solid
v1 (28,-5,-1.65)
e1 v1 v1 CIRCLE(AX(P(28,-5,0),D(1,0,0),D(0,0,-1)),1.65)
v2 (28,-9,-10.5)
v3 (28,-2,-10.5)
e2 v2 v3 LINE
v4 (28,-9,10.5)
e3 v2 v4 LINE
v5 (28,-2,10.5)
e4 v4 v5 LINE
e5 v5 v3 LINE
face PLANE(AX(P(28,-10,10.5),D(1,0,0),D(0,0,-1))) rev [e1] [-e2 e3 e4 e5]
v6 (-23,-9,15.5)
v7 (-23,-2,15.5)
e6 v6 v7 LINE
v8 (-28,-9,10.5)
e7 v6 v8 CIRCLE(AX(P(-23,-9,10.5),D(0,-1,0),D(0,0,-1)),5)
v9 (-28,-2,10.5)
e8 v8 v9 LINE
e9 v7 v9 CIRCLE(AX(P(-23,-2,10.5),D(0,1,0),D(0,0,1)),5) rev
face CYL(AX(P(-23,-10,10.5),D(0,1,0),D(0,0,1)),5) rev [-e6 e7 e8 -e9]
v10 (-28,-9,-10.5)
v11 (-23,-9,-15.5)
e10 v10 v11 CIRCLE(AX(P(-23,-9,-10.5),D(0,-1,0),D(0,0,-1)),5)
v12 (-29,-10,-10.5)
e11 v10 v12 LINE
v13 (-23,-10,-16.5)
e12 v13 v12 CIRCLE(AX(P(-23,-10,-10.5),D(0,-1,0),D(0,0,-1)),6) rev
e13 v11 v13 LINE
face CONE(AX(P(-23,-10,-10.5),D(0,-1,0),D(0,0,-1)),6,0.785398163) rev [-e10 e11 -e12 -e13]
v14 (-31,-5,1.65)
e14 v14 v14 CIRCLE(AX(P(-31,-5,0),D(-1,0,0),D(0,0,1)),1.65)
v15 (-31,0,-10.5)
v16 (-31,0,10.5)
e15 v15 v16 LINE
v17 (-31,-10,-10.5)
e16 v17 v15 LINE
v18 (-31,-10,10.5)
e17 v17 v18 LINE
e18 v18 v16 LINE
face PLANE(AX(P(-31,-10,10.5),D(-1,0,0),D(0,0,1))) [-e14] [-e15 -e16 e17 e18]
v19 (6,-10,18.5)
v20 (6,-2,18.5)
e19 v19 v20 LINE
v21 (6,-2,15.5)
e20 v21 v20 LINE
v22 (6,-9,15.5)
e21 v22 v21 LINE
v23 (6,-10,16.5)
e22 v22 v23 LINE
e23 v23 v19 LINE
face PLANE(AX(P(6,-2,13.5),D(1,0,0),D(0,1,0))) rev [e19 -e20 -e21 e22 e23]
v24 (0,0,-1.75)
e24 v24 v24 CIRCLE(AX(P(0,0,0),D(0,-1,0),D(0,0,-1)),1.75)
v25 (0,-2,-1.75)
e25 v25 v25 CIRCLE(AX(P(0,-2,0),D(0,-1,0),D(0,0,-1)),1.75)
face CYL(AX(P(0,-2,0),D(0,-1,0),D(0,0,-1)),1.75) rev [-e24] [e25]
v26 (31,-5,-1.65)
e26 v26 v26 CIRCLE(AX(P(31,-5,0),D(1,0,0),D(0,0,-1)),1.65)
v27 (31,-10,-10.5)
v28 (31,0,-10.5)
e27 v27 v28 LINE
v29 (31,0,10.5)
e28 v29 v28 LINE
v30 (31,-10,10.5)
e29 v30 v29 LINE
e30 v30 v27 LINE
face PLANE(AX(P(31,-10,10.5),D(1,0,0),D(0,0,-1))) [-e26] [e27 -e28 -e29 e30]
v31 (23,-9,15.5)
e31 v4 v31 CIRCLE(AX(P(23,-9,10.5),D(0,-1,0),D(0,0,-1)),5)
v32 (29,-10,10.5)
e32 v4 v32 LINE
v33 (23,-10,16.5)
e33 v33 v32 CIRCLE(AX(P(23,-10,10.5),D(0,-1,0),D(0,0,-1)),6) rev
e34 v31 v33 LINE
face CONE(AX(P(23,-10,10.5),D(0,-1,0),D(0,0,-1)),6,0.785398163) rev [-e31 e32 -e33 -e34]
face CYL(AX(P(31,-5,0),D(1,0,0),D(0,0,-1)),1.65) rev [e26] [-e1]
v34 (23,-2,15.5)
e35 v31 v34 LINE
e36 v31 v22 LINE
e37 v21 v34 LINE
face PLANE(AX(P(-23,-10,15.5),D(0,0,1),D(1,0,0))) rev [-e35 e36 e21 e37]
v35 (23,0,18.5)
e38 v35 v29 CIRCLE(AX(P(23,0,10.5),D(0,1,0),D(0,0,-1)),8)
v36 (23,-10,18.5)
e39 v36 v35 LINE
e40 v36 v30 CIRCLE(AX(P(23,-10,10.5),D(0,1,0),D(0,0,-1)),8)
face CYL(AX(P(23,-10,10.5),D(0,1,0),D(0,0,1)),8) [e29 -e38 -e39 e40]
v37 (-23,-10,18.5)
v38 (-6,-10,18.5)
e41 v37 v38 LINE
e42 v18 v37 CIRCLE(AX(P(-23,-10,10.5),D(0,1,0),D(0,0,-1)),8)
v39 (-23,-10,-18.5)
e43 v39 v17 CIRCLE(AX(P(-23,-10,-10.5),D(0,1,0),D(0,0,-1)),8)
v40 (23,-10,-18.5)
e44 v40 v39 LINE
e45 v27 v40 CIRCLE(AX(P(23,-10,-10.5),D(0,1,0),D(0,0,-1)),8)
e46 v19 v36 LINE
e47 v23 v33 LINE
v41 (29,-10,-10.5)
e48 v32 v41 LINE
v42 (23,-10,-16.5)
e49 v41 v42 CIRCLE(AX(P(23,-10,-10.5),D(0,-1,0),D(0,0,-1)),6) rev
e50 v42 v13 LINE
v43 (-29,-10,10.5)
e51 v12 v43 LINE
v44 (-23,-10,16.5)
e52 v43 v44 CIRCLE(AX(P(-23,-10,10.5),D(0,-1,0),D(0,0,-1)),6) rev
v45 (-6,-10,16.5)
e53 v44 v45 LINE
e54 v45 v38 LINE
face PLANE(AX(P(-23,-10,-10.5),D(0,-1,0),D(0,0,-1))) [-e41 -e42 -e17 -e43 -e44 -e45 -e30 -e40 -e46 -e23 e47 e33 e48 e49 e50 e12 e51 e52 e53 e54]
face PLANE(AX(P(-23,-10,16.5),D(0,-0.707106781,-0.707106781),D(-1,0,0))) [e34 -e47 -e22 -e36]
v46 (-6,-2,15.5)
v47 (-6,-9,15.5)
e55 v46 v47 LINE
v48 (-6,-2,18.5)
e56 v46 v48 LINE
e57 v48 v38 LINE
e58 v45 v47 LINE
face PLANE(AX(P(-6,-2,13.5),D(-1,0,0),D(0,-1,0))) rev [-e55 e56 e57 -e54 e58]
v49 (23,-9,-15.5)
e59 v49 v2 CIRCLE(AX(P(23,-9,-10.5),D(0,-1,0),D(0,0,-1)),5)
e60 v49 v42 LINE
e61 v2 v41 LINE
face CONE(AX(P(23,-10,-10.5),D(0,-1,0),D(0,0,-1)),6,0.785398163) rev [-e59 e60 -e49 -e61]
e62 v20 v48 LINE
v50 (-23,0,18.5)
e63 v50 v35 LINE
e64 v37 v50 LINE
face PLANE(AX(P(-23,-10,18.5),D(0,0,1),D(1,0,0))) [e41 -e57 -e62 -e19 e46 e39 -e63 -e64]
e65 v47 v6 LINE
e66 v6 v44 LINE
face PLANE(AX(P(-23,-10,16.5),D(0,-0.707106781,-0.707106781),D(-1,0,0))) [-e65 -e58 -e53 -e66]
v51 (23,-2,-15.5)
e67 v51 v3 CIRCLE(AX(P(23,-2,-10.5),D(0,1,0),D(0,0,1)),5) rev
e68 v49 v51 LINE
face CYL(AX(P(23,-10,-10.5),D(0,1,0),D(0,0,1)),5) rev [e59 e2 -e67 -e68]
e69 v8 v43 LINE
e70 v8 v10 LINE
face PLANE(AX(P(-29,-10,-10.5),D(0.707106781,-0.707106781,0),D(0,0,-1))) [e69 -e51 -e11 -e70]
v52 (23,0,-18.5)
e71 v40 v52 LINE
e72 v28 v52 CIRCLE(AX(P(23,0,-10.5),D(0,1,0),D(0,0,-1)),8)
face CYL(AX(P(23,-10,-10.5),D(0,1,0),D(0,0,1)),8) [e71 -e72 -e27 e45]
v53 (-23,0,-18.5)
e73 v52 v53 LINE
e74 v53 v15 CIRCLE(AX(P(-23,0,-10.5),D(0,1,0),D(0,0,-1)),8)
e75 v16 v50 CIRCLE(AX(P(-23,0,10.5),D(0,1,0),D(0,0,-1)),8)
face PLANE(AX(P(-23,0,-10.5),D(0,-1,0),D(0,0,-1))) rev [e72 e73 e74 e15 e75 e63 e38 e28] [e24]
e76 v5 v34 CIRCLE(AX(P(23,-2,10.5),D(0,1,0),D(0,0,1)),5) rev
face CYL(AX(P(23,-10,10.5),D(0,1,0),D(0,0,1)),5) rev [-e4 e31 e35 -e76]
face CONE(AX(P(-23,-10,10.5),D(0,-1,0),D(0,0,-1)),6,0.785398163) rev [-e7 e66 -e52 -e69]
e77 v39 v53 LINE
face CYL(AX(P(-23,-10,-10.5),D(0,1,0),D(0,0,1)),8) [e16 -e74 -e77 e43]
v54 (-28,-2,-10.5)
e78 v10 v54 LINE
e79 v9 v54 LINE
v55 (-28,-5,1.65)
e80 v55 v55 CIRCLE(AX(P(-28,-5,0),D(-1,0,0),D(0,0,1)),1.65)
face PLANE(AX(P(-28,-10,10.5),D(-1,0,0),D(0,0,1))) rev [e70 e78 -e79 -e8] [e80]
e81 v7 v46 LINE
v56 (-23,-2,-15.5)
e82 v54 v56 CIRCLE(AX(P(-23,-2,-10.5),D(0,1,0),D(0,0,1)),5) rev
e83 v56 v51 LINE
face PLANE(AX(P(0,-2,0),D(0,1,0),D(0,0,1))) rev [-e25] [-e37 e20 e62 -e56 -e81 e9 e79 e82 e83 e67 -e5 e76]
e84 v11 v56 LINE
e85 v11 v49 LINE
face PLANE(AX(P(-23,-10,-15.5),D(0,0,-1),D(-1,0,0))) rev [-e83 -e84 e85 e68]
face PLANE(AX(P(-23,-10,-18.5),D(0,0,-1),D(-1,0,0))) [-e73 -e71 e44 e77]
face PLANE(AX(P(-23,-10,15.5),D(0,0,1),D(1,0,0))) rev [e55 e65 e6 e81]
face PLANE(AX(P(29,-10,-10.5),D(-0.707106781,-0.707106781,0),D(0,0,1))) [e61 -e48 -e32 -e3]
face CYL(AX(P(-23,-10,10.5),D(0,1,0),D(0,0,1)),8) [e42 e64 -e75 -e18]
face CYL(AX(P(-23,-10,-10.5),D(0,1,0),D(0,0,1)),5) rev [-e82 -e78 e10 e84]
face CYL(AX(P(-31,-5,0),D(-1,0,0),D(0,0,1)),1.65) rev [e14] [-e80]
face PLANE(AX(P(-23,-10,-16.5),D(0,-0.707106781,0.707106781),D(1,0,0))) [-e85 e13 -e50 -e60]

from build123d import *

# Parameters (mm, degrees)
BOSS_EXTRUDE1_DEPTH        = 10
BOSS_EXTRUDE2_DEPTH        = 2
F_3_5_3_5_DIAMETER_HOLE1_D = 3.5
SKETCH8_W                  = 12
SKETCH8_H                  = 8
CUT_EXTRUDE1_DEPTH         = 5
CHAMFER1_SIZE              = 1


with BuildPart() as part:
    # Sketch1 → Boss-Extrude1 (new body)
    with BuildSketch(Plane(origin=(0, 0, 0), x_dir=(1, 0, 0), z_dir=(0, 1, 0))):
        with BuildLine():
            Line((-23, 18.5), (23, 18.5))
            ThreePointArc((23, 18.5), (28.656854249, 16.156854249), (31, 10.5))
            Line((31, 10.5), (31, -10.5))
            ThreePointArc((31, -10.5), (28.656854249, -16.156854249), (23, -18.5))
            Line((23, -18.5), (-23, -18.5))
            ThreePointArc((-23, -18.5), (-28.656854249, -16.156854249), (-31, -10.5))
            Line((-31, -10.5), (-31, 10.5))
            ThreePointArc((-31, 10.5), (-28.656854249, 16.156854249), (-23, 18.5))
        make_face()
        with BuildLine():
            Line((-23, -15.5), (23, -15.5))
            ThreePointArc((23, -15.5), (26.535533906, -14.035533906), (28, -10.5))
            Line((28, -10.5), (28, 10.5))
            ThreePointArc((28, 10.5), (26.535533906, 14.035533906), (23, 15.5))
            Line((23, 15.5), (-23, 15.5))
            ThreePointArc((-23, 15.5), (-26.535533906, 14.035533906), (-28, 10.5))
            Line((-28, 10.5), (-28, -10.5))
            ThreePointArc((-28, -10.5), (-26.535533906, -14.035533906), (-23, -15.5))
        make_face(mode=Mode.SUBTRACT)
    extrude(amount=-BOSS_EXTRUDE1_DEPTH)

    # Sketch1<2> → Boss-Extrude2 (add)
    with BuildSketch(Plane(origin=(0, 0, 0), x_dir=(1, 0, 0), z_dir=(0, 1, 0))):
        with BuildLine():
            ThreePointArc((-28, -10.5), (-26.535533906, -14.035533906), (-23, -15.5))
            Line((-23, -15.5), (23, -15.5))
            ThreePointArc((23, -15.5), (26.535533906, -14.035533906), (28, -10.5))
            Line((28, -10.5), (28, 10.5))
            ThreePointArc((28, 10.5), (26.535533906, 14.035533906), (23, 15.5))
            Line((23, 15.5), (-23, 15.5))
            ThreePointArc((-23, 15.5), (-26.535533906, 14.035533906), (-28, 10.5))
            Line((-28, 10.5), (-28, -10.5))
        make_face()
    extrude(amount=-BOSS_EXTRUDE2_DEPTH)

    # Sketch4 → Ø3.3 (3.3) Diameter Hole1 (revolve, cut)
    with BuildSketch(Plane(origin=(31, -5, 0), x_dir=(0, 0, -1), z_dir=(0, 1, 0))):
        Polygon((0, 0), (0, 10.991420021), (1.65, 10), (1.65, 0), align=None)
    f_3_3_3_3_diameter_hole1 = revolve(axis=Axis((37.35, -5, 0), (-1, 0, 0)), mode=Mode.SUBTRACT)

    # Mirror1: Ø3.3 (3.3) Diameter Hole1 across plane
    add(f_3_3_3_3_diameter_hole1.mirror(Plane(origin=(0, 0, 0), x_dir=(0, 0, 1), z_dir=(1, 0, 0))), mode=Mode.SUBTRACT)

    # Ø3.5 (3.5) Diameter Hole1 (through all)
    with Locations(Plane(origin=(0, -2, 0), x_dir=(-1, 0, 0), z_dir=(0, -1, 0))):
        with Locations((0, 0)):
            Hole(F_3_5_3_5_DIAMETER_HOLE1_D / 2)

    # Sketch8 → Cut-Extrude1 (cut)
    with BuildSketch(Plane.XY.offset(18.5)):
        with Locations((0, -6)):
            Rectangle(SKETCH8_W, SKETCH8_H)
    extrude(amount=-CUT_EXTRUDE1_DEPTH, mode=Mode.SUBTRACT)

    # Chamfer1
    chamfer1_edges = [part.edges().sort_by_distance(p)[0] for p in [
        (14.5, -10, 15.5),
        (26.535533906, -10, 14.035533906),
        (28, -10, 0),
        (26.535533906, -10, -14.035533906),
        (0, -10, -15.5),
        (-14.5, -10, 15.5),
        (-26.535533906, -10, -14.035533906),
        (-26.535533906, -10, 14.035533906),
        (-28, -10, 0),
    ]]
    chamfer(chamfer1_edges, length=CHAMFER1_SIZE)


solid = part.part
